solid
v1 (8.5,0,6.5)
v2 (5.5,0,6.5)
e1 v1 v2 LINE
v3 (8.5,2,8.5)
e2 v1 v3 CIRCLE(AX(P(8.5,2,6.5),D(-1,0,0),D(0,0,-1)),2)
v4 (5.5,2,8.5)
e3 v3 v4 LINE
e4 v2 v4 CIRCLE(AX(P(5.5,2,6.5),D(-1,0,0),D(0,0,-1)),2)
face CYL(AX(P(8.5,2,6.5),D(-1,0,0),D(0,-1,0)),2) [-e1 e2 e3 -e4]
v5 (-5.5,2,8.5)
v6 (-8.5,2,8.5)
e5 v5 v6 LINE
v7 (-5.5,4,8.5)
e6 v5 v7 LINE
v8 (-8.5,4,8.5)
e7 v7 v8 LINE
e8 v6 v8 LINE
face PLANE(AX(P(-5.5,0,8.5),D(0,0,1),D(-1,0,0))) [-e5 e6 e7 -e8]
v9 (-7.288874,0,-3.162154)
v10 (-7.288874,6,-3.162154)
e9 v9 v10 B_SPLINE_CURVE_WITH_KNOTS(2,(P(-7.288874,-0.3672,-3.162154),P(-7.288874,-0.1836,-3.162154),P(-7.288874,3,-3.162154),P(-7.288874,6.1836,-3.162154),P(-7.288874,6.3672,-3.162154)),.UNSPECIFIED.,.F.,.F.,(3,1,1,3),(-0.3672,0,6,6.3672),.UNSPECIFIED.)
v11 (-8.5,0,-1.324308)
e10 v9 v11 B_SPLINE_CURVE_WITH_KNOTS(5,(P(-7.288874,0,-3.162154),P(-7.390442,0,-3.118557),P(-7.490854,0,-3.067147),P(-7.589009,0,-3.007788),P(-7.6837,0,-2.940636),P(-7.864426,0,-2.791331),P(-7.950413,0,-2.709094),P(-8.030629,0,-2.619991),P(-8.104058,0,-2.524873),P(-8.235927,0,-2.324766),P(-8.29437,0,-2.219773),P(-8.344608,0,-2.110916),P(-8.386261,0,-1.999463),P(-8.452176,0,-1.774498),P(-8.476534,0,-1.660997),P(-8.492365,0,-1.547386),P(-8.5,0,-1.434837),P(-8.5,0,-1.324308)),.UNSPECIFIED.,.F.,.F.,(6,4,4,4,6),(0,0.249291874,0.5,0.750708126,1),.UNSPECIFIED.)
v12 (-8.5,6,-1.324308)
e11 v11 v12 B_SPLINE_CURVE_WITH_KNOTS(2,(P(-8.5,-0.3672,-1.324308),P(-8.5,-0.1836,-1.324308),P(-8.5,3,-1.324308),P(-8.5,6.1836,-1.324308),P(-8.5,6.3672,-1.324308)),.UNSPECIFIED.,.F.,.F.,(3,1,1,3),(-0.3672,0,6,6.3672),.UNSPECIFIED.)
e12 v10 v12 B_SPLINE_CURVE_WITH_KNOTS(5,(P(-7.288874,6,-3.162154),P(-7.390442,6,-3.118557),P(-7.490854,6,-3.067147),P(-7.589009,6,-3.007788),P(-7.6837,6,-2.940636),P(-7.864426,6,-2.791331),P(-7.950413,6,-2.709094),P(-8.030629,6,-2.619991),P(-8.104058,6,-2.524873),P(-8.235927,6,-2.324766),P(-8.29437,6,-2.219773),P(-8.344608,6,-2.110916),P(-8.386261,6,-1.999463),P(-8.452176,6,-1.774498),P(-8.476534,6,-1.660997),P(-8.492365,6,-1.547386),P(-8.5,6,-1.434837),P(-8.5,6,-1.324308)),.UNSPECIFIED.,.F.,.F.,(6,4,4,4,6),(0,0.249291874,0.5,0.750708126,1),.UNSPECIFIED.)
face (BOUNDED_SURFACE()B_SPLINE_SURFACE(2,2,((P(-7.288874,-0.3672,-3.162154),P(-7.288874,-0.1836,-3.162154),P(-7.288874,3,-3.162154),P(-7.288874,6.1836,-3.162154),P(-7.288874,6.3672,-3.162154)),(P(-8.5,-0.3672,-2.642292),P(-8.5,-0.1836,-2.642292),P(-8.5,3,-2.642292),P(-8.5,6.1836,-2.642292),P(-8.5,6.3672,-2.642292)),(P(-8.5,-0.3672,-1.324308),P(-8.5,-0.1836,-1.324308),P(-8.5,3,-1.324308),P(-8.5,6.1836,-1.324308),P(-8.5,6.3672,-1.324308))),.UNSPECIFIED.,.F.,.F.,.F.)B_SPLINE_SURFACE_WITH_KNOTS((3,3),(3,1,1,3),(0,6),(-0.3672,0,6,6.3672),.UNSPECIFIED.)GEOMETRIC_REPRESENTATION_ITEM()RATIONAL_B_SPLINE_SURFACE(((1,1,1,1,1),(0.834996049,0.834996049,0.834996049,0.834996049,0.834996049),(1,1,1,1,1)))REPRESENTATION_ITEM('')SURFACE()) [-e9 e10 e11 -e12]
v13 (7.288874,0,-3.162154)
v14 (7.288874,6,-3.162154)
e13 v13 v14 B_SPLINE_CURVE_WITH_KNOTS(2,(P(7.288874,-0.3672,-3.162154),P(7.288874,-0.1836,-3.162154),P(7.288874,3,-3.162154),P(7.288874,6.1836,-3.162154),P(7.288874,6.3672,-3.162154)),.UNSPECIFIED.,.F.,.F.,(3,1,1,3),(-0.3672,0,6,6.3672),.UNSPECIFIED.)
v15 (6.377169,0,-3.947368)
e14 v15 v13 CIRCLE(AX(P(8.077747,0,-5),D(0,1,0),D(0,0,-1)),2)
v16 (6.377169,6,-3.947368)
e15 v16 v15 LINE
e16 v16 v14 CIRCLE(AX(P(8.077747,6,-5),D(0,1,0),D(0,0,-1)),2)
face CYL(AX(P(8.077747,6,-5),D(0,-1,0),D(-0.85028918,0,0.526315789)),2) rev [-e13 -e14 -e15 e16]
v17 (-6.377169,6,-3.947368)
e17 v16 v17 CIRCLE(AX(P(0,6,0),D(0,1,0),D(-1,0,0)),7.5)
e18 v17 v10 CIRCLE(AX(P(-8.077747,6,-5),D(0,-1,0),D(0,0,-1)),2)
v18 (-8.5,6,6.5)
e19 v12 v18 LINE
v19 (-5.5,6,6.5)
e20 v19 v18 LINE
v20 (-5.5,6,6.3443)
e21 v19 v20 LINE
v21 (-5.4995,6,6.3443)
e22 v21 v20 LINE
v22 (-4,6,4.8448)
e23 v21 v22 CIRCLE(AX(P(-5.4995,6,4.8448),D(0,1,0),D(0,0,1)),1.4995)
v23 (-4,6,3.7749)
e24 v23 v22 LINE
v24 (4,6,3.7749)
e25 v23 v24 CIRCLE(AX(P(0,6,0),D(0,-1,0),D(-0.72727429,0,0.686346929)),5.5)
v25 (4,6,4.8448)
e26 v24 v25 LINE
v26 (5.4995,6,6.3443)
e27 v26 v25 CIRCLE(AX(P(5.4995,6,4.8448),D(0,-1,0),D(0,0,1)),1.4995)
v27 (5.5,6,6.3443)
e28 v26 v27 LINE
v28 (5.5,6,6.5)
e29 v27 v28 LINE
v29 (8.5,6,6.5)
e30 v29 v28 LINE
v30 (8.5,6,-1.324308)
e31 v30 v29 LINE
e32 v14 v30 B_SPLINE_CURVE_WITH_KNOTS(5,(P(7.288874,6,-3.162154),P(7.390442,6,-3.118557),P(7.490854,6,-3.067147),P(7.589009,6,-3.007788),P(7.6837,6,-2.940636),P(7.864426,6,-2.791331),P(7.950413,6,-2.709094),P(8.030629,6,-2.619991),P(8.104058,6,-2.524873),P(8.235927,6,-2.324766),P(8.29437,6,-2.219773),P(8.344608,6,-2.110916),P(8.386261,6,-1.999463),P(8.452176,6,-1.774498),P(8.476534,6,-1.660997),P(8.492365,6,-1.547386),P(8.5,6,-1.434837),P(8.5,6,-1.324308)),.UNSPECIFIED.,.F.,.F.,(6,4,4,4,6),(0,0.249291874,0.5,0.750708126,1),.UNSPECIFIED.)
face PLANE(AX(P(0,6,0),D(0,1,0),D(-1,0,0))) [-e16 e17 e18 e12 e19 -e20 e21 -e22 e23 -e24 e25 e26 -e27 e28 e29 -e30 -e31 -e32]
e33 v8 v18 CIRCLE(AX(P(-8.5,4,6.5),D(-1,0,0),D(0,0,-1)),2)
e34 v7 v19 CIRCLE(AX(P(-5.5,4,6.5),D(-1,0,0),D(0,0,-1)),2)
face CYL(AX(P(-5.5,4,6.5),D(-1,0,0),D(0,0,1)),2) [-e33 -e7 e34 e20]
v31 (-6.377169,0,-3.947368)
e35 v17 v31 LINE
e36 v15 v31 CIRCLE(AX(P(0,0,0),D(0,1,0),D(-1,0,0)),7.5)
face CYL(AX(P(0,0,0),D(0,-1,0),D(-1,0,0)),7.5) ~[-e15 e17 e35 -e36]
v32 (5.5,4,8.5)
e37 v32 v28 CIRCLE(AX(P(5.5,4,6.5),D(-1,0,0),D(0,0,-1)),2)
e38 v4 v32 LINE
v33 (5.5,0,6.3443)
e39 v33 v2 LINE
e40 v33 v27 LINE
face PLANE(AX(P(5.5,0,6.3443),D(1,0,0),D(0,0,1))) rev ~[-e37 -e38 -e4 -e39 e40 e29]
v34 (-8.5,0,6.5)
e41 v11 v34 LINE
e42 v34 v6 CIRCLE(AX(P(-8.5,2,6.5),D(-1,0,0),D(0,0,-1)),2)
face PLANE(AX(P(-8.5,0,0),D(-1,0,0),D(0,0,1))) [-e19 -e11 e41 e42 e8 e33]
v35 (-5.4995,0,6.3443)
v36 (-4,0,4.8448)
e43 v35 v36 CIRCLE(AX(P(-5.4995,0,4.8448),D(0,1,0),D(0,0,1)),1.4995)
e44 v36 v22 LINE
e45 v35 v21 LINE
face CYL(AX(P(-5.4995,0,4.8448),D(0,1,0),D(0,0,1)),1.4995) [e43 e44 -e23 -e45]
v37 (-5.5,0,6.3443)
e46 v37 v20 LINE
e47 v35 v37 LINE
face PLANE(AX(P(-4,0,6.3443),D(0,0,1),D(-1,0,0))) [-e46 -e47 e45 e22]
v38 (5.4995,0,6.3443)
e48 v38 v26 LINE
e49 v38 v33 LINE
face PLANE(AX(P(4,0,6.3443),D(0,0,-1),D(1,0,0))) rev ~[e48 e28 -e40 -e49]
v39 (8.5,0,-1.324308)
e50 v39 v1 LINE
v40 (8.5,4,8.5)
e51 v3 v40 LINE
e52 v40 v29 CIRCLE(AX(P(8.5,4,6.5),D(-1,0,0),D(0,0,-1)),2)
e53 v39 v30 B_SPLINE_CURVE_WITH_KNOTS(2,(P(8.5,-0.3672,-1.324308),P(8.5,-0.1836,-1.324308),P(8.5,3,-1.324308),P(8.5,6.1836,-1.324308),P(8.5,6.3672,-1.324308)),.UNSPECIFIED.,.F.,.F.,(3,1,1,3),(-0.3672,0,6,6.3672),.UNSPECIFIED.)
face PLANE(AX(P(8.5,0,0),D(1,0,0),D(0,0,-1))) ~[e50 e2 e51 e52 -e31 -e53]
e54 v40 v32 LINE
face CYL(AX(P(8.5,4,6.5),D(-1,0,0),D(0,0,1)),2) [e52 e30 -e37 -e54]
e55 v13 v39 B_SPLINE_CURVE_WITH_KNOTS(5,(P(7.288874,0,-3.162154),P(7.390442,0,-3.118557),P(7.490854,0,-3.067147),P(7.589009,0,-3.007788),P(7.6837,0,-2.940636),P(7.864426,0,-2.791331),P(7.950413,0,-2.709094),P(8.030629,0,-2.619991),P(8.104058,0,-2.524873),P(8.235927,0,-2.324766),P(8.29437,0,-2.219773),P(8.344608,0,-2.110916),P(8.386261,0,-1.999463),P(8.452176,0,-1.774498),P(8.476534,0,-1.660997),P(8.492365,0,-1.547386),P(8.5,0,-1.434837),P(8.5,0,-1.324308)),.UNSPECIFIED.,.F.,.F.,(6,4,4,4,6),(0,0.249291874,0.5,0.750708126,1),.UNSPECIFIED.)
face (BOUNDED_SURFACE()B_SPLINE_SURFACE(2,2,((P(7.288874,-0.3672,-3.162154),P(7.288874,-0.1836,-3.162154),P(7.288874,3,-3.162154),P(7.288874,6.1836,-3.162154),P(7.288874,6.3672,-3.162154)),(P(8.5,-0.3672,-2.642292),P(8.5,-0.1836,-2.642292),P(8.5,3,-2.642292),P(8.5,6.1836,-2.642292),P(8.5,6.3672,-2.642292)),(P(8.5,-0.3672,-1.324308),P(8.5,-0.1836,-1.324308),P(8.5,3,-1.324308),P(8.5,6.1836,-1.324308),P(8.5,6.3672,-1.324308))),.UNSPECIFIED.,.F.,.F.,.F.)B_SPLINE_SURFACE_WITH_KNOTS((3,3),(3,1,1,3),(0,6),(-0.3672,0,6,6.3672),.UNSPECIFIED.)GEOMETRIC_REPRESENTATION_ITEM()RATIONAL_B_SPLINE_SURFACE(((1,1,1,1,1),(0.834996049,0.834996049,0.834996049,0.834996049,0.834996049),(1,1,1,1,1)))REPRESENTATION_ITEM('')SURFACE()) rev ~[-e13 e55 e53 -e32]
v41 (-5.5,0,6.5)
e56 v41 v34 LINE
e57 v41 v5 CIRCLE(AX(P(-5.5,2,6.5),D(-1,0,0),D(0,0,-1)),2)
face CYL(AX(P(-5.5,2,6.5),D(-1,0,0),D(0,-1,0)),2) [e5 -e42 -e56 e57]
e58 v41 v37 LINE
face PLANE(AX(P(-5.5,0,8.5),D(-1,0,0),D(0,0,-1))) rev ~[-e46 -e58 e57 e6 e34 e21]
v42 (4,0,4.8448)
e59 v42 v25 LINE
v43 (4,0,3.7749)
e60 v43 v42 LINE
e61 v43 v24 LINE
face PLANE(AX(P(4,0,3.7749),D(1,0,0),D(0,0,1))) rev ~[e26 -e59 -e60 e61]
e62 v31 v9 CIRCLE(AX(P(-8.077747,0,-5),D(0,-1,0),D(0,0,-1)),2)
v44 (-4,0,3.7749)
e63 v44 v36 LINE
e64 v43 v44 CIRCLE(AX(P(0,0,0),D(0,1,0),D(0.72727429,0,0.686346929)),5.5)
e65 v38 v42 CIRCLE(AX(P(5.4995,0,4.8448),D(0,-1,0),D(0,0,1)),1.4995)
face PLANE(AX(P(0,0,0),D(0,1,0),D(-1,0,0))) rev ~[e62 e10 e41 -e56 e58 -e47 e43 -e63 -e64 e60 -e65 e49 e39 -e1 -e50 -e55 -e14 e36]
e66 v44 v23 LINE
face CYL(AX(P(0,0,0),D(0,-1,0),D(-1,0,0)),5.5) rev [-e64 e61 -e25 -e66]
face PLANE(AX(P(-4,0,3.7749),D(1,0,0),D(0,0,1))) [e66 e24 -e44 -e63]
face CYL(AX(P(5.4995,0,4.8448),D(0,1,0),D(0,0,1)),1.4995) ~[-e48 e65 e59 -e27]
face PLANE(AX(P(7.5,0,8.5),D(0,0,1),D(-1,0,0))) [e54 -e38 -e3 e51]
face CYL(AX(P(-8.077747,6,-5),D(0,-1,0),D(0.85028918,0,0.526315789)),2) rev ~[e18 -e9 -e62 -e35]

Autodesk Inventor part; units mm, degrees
ref_plane "XZ Plane" through (0, 0, 0) normal (0, 1, 0) x (-1, 0, 0)
ref_plane "XY Plane" through (0, 0, 0) normal (0, 0, 1) x (1, 0, 0)
sketch "Sketch1" plane through (0, 0, 0) normal (0, 1, 0) x (-1, 0, 0)
  circle A0 centre (0, 0) radius 5.5
  circle A1 centre (0, 0) radius 7.5
  line L0 (7.5, 0) -> (-7.5, 0)
  line L1 (-7.5, 0) -> (-7.5, 8.5)
  line L2 (-7.5, 8.5) -> (7.5, 8.5)
  line L3 (7.5, 8.5) -> (7.5, 0)
  line L4 (5.5, 0) -> (-5.5, 0)
  line L5 (-5.5, 0) -> (-5.5, 8.5)
  line L6 (-5.5, 8.5) -> (5.5, 8.5)
  line L7 (5.5, 8.5) -> (5.5, 0)
  line L8 (4, 3.7749) -> (4, 6.3443)
  line L9 (-4, 3.7749) -> (-4, 6.3443)
  line L10 (4, 6.3443) -> (5.5, 6.3443)
  line L11 (-4, 6.3443) -> (-5.5, 6.3443)
  line L12 (-10.5, 0) -> (10.5, 0) projected
  point P0 (-5.5, 8.5)
  dimension "d0" = 11
  dimension "d1" = 2
  dimension "d3" = 1
  dimension "d4" = 1.5
  dimension "d5" = 1.5
extrude "Extrusion1" add sketch "Sketch1" along normal blind 6 contours L0 A1 A0 | L7 A1 L0 | A0 L8 A1 L7 | L5 A1 L9 A0 | L0 A1 L5 | A1 L7 L2 L3 | A1 L10 L7 | L1 L2 L5 A1 | L5 L11 A1
fillet "Fillet1" radius 1.5 2 edges at (-4, 3, 6.3443) (4, 3, 6.3443)
sketch "Sketch4" plane through (-7.5, 0, 0) normal (-1, 0, 0) x (0, 0, 1)
  line L0 (0, 0) -> (8.5, 0) projected
  line L1 (8.5, 0) -> (8.5, 6) projected
  line L2 (0, 6) -> (8.5, 6) projected
  line L3 (0, 0) -> (0, 6) projected
  line L4 (0, 0) -> (0, 0) projected
  line L5 (0, 0) -> (0, 6) projected
  line L6 (0, 6) -> (0, 6) projected
  line L7 (0, 0) -> (0, 6) projected
  line L8 (0, 0) -> (0, 6) projected
  line L9 (0, 6) -> (0, 0)
  line L10 (0, 0) -> (-3, 0)
  line L11 (-3, 0) -> (-3, 6)
  line L12 (-3, 6) -> (0, 6)
  point P0 (0, 0)
  dimension "d22" = 3
extrude "Extrusion3" add sketch "Sketch4" along normal mid plane 2
fillet "Fillet2" radius 2 2 edges at (-8.5, 3, -3) (-6.8739, 3, -3)
mirror "Mirror1" about plane through (0, 0, 0) normal (1, 0, 0) of "Extrusion3", "Fillet2"
fillet "Fillet5" radius 2 4 edges at (7, 6, 8.5) (7, 0, 8.5) (-7, 6, 8.5) (-7, 0, 8.5)
properties part number "Arm_restriction_clip"
